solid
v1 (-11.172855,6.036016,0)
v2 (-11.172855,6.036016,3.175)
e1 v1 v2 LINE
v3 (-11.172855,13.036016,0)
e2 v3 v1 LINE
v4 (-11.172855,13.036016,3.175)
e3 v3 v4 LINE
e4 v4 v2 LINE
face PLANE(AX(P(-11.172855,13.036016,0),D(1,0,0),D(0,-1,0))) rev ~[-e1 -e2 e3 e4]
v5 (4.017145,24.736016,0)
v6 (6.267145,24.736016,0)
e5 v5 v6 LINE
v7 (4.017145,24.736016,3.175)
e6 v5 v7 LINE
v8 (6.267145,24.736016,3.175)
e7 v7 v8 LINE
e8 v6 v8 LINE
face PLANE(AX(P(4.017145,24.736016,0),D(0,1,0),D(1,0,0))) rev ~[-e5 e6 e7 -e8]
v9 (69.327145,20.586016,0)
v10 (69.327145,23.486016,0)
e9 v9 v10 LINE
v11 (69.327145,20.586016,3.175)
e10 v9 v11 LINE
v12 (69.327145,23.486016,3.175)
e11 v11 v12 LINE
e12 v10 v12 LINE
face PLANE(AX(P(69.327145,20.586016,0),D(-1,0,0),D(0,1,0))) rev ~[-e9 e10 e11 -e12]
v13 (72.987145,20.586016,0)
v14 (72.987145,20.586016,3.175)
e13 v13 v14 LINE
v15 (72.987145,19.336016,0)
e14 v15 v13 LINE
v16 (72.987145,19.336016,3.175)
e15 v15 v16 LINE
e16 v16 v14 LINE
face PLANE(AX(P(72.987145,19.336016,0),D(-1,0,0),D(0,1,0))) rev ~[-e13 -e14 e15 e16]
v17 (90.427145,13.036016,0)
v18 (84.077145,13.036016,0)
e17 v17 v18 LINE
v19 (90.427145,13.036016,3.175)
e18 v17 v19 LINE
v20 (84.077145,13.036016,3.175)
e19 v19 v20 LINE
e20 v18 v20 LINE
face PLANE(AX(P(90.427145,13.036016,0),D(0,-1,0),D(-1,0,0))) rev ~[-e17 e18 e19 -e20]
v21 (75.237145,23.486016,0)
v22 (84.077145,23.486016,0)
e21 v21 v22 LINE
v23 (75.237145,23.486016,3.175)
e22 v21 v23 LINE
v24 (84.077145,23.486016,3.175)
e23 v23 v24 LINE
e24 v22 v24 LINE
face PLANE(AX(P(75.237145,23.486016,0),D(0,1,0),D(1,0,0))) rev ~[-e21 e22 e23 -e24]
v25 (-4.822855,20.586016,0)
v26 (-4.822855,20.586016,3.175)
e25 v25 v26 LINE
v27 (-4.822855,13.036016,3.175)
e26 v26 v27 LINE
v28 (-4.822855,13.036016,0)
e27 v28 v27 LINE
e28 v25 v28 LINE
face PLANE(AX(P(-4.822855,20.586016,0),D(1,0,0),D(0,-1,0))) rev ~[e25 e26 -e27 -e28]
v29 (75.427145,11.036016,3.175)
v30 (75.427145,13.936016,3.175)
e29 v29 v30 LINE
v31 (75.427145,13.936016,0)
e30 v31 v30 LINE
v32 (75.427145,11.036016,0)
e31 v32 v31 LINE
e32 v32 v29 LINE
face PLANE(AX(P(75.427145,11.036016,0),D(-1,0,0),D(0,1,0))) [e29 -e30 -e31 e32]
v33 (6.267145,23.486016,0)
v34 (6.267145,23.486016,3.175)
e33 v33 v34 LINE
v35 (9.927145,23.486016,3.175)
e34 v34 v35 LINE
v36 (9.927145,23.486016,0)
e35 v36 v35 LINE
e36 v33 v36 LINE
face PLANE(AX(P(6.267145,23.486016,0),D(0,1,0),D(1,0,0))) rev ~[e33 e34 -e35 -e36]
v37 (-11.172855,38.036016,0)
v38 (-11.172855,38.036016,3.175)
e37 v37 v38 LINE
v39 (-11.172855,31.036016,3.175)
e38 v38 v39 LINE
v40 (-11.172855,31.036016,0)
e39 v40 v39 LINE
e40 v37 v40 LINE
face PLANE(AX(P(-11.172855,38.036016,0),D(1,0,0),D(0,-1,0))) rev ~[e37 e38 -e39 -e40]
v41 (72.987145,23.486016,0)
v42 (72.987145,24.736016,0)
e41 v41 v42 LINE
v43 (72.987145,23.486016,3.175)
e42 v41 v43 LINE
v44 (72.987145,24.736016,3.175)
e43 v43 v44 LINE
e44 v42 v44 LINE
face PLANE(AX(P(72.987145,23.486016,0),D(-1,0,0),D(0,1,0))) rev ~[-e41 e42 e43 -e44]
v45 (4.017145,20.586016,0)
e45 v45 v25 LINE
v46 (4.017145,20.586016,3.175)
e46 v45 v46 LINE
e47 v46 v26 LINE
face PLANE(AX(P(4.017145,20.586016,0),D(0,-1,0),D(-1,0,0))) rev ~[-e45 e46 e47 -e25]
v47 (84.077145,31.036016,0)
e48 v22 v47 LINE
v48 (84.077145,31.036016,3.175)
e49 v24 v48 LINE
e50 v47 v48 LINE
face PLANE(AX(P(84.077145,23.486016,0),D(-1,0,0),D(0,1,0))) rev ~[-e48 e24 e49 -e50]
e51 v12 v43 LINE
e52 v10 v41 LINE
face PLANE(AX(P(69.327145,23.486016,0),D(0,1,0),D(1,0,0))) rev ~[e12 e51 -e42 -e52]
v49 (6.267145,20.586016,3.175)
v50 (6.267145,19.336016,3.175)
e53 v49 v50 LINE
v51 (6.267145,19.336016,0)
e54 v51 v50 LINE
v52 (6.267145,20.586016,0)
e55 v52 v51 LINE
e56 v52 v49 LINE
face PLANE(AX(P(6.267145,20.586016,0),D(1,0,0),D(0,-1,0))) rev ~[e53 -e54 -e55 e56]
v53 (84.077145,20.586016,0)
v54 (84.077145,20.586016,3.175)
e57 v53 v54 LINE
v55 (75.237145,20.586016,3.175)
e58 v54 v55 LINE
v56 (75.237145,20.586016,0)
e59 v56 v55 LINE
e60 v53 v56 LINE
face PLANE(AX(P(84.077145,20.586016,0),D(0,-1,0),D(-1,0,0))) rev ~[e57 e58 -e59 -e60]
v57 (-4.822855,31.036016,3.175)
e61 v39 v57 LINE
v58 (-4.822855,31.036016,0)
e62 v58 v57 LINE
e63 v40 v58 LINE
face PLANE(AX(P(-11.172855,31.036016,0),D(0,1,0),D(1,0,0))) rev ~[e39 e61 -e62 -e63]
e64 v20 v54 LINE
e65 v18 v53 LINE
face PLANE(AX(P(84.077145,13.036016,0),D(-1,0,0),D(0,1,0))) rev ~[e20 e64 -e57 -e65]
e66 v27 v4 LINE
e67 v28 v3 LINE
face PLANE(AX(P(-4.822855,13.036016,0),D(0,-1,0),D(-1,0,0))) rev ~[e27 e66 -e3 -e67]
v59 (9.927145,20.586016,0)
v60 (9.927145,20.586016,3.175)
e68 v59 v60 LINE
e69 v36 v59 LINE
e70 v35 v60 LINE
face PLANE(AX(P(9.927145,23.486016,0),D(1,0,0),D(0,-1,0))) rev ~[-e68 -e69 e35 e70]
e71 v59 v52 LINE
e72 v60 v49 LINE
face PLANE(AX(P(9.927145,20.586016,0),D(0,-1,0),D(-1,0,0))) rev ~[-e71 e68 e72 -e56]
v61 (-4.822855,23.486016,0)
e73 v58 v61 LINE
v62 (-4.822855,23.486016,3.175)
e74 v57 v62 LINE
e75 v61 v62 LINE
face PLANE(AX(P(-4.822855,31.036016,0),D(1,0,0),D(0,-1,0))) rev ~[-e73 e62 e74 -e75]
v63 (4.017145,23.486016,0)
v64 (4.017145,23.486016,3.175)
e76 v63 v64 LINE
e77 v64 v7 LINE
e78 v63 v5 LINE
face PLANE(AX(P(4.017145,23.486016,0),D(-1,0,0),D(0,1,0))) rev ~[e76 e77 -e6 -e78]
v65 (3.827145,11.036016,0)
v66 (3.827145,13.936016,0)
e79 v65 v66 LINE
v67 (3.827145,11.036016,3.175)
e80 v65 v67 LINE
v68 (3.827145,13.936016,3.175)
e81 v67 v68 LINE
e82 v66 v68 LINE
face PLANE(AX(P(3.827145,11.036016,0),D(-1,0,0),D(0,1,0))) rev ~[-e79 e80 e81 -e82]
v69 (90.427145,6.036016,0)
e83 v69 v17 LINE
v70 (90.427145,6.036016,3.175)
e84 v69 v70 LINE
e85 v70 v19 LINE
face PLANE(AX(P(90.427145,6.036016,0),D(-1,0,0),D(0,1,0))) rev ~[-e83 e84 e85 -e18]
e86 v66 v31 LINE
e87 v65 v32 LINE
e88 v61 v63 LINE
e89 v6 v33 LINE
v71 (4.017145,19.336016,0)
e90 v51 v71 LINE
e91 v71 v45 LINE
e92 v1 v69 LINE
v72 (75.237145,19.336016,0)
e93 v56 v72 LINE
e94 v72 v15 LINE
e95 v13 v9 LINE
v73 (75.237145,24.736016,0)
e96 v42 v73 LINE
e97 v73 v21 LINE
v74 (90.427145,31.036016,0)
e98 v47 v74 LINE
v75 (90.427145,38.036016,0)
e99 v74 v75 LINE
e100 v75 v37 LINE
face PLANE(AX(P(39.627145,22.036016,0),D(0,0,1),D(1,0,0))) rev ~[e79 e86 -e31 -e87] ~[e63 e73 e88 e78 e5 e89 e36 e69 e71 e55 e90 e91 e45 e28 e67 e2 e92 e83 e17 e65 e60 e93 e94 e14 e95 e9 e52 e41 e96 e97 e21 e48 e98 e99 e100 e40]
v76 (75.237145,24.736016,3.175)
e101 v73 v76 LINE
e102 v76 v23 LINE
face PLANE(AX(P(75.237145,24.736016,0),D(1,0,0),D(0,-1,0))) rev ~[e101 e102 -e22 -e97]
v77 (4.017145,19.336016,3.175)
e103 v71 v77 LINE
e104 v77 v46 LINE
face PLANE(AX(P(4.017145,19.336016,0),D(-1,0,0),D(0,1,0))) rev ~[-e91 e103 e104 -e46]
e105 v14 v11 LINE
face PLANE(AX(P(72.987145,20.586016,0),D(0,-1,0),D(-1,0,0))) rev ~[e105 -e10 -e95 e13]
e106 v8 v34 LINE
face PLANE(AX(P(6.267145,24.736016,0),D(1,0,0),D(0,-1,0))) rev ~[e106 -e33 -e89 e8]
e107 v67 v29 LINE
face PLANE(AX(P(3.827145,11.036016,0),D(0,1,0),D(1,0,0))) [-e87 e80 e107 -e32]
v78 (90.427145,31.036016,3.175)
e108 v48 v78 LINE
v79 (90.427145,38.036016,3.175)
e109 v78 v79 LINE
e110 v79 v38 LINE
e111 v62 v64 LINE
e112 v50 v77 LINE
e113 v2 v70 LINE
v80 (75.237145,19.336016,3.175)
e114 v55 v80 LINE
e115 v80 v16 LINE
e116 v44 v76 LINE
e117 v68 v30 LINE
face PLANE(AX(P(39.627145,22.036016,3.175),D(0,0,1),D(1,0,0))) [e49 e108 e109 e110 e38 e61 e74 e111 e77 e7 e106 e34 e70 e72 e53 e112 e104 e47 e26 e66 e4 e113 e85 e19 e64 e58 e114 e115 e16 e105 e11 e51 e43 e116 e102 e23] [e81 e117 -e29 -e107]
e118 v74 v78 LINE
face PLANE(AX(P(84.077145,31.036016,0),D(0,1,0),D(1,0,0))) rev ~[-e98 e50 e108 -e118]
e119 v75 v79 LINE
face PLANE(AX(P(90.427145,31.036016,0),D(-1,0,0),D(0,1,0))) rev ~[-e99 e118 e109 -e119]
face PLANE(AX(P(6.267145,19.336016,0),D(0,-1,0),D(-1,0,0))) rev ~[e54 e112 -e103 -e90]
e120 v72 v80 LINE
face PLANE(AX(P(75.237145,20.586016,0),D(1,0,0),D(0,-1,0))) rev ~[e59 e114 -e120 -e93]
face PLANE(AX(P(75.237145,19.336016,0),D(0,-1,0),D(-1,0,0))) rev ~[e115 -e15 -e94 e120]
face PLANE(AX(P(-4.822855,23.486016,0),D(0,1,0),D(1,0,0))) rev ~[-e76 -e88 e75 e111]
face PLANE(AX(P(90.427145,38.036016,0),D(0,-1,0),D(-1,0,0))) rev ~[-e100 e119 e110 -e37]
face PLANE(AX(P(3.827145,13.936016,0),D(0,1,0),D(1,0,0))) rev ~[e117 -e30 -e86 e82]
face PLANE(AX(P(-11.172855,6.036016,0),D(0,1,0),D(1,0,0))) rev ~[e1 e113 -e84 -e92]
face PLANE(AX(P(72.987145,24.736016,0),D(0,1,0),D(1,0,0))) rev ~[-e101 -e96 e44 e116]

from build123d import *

# Parameters (mm, degrees)
SKETCH1_W      = 71.6
SKETCH1_H      = 2.9
EXTRUDE1_DEPTH = 3.175


with BuildPart() as part:
    # Sketch1 → Extrude1 (new body)
    with BuildSketch(Plane.XY):
        Polygon((90.427144536, 6.036016451), (90.427144536, 13.036016451), (84.077144536, 13.036016451), (84.077144536, 20.586016451), (75.237144536, 20.586016451), (75.237144536, 19.336016451), (72.987144536, 19.336016451), (72.987144536, 20.586016451), (69.327144536, 20.586016451), (69.327144536, 23.486016451), (72.987144536, 23.486016451), (72.987144536, 24.736016451), (75.237144536, 24.736016451), (75.237144536, 23.486016451), (84.077144536, 23.486016451), (84.077144536, 31.036016451), (90.427144536, 31.036016451), (90.427144536, 38.036016451), (-11.172855464, 38.036016451), (-11.172855464, 31.036016451), (-4.822855464, 31.036016451), (-4.822855464, 23.486016451), (4.017144536, 23.486016451), (4.017144536, 24.736016451), (6.267144536, 24.736016451), (6.267144536, 23.486016451), (9.927144536, 23.486016451), (9.927144536, 20.586016451), (6.267144536, 20.586016451), (6.267144536, 19.336016451), (4.017144536, 19.336016451), (4.017144536, 20.586016451), (-4.822855464, 20.586016451), (-4.822855464, 13.036016451), (-11.172855464, 13.036016451), (-11.172855464, 6.036016451), align=None)
        with Locations((39.627144536, 12.486016451)):
            Rectangle(SKETCH1_W, SKETCH1_H, mode=Mode.SUBTRACT)
    extrude(amount=EXTRUDE1_DEPTH)


solid = part.part
